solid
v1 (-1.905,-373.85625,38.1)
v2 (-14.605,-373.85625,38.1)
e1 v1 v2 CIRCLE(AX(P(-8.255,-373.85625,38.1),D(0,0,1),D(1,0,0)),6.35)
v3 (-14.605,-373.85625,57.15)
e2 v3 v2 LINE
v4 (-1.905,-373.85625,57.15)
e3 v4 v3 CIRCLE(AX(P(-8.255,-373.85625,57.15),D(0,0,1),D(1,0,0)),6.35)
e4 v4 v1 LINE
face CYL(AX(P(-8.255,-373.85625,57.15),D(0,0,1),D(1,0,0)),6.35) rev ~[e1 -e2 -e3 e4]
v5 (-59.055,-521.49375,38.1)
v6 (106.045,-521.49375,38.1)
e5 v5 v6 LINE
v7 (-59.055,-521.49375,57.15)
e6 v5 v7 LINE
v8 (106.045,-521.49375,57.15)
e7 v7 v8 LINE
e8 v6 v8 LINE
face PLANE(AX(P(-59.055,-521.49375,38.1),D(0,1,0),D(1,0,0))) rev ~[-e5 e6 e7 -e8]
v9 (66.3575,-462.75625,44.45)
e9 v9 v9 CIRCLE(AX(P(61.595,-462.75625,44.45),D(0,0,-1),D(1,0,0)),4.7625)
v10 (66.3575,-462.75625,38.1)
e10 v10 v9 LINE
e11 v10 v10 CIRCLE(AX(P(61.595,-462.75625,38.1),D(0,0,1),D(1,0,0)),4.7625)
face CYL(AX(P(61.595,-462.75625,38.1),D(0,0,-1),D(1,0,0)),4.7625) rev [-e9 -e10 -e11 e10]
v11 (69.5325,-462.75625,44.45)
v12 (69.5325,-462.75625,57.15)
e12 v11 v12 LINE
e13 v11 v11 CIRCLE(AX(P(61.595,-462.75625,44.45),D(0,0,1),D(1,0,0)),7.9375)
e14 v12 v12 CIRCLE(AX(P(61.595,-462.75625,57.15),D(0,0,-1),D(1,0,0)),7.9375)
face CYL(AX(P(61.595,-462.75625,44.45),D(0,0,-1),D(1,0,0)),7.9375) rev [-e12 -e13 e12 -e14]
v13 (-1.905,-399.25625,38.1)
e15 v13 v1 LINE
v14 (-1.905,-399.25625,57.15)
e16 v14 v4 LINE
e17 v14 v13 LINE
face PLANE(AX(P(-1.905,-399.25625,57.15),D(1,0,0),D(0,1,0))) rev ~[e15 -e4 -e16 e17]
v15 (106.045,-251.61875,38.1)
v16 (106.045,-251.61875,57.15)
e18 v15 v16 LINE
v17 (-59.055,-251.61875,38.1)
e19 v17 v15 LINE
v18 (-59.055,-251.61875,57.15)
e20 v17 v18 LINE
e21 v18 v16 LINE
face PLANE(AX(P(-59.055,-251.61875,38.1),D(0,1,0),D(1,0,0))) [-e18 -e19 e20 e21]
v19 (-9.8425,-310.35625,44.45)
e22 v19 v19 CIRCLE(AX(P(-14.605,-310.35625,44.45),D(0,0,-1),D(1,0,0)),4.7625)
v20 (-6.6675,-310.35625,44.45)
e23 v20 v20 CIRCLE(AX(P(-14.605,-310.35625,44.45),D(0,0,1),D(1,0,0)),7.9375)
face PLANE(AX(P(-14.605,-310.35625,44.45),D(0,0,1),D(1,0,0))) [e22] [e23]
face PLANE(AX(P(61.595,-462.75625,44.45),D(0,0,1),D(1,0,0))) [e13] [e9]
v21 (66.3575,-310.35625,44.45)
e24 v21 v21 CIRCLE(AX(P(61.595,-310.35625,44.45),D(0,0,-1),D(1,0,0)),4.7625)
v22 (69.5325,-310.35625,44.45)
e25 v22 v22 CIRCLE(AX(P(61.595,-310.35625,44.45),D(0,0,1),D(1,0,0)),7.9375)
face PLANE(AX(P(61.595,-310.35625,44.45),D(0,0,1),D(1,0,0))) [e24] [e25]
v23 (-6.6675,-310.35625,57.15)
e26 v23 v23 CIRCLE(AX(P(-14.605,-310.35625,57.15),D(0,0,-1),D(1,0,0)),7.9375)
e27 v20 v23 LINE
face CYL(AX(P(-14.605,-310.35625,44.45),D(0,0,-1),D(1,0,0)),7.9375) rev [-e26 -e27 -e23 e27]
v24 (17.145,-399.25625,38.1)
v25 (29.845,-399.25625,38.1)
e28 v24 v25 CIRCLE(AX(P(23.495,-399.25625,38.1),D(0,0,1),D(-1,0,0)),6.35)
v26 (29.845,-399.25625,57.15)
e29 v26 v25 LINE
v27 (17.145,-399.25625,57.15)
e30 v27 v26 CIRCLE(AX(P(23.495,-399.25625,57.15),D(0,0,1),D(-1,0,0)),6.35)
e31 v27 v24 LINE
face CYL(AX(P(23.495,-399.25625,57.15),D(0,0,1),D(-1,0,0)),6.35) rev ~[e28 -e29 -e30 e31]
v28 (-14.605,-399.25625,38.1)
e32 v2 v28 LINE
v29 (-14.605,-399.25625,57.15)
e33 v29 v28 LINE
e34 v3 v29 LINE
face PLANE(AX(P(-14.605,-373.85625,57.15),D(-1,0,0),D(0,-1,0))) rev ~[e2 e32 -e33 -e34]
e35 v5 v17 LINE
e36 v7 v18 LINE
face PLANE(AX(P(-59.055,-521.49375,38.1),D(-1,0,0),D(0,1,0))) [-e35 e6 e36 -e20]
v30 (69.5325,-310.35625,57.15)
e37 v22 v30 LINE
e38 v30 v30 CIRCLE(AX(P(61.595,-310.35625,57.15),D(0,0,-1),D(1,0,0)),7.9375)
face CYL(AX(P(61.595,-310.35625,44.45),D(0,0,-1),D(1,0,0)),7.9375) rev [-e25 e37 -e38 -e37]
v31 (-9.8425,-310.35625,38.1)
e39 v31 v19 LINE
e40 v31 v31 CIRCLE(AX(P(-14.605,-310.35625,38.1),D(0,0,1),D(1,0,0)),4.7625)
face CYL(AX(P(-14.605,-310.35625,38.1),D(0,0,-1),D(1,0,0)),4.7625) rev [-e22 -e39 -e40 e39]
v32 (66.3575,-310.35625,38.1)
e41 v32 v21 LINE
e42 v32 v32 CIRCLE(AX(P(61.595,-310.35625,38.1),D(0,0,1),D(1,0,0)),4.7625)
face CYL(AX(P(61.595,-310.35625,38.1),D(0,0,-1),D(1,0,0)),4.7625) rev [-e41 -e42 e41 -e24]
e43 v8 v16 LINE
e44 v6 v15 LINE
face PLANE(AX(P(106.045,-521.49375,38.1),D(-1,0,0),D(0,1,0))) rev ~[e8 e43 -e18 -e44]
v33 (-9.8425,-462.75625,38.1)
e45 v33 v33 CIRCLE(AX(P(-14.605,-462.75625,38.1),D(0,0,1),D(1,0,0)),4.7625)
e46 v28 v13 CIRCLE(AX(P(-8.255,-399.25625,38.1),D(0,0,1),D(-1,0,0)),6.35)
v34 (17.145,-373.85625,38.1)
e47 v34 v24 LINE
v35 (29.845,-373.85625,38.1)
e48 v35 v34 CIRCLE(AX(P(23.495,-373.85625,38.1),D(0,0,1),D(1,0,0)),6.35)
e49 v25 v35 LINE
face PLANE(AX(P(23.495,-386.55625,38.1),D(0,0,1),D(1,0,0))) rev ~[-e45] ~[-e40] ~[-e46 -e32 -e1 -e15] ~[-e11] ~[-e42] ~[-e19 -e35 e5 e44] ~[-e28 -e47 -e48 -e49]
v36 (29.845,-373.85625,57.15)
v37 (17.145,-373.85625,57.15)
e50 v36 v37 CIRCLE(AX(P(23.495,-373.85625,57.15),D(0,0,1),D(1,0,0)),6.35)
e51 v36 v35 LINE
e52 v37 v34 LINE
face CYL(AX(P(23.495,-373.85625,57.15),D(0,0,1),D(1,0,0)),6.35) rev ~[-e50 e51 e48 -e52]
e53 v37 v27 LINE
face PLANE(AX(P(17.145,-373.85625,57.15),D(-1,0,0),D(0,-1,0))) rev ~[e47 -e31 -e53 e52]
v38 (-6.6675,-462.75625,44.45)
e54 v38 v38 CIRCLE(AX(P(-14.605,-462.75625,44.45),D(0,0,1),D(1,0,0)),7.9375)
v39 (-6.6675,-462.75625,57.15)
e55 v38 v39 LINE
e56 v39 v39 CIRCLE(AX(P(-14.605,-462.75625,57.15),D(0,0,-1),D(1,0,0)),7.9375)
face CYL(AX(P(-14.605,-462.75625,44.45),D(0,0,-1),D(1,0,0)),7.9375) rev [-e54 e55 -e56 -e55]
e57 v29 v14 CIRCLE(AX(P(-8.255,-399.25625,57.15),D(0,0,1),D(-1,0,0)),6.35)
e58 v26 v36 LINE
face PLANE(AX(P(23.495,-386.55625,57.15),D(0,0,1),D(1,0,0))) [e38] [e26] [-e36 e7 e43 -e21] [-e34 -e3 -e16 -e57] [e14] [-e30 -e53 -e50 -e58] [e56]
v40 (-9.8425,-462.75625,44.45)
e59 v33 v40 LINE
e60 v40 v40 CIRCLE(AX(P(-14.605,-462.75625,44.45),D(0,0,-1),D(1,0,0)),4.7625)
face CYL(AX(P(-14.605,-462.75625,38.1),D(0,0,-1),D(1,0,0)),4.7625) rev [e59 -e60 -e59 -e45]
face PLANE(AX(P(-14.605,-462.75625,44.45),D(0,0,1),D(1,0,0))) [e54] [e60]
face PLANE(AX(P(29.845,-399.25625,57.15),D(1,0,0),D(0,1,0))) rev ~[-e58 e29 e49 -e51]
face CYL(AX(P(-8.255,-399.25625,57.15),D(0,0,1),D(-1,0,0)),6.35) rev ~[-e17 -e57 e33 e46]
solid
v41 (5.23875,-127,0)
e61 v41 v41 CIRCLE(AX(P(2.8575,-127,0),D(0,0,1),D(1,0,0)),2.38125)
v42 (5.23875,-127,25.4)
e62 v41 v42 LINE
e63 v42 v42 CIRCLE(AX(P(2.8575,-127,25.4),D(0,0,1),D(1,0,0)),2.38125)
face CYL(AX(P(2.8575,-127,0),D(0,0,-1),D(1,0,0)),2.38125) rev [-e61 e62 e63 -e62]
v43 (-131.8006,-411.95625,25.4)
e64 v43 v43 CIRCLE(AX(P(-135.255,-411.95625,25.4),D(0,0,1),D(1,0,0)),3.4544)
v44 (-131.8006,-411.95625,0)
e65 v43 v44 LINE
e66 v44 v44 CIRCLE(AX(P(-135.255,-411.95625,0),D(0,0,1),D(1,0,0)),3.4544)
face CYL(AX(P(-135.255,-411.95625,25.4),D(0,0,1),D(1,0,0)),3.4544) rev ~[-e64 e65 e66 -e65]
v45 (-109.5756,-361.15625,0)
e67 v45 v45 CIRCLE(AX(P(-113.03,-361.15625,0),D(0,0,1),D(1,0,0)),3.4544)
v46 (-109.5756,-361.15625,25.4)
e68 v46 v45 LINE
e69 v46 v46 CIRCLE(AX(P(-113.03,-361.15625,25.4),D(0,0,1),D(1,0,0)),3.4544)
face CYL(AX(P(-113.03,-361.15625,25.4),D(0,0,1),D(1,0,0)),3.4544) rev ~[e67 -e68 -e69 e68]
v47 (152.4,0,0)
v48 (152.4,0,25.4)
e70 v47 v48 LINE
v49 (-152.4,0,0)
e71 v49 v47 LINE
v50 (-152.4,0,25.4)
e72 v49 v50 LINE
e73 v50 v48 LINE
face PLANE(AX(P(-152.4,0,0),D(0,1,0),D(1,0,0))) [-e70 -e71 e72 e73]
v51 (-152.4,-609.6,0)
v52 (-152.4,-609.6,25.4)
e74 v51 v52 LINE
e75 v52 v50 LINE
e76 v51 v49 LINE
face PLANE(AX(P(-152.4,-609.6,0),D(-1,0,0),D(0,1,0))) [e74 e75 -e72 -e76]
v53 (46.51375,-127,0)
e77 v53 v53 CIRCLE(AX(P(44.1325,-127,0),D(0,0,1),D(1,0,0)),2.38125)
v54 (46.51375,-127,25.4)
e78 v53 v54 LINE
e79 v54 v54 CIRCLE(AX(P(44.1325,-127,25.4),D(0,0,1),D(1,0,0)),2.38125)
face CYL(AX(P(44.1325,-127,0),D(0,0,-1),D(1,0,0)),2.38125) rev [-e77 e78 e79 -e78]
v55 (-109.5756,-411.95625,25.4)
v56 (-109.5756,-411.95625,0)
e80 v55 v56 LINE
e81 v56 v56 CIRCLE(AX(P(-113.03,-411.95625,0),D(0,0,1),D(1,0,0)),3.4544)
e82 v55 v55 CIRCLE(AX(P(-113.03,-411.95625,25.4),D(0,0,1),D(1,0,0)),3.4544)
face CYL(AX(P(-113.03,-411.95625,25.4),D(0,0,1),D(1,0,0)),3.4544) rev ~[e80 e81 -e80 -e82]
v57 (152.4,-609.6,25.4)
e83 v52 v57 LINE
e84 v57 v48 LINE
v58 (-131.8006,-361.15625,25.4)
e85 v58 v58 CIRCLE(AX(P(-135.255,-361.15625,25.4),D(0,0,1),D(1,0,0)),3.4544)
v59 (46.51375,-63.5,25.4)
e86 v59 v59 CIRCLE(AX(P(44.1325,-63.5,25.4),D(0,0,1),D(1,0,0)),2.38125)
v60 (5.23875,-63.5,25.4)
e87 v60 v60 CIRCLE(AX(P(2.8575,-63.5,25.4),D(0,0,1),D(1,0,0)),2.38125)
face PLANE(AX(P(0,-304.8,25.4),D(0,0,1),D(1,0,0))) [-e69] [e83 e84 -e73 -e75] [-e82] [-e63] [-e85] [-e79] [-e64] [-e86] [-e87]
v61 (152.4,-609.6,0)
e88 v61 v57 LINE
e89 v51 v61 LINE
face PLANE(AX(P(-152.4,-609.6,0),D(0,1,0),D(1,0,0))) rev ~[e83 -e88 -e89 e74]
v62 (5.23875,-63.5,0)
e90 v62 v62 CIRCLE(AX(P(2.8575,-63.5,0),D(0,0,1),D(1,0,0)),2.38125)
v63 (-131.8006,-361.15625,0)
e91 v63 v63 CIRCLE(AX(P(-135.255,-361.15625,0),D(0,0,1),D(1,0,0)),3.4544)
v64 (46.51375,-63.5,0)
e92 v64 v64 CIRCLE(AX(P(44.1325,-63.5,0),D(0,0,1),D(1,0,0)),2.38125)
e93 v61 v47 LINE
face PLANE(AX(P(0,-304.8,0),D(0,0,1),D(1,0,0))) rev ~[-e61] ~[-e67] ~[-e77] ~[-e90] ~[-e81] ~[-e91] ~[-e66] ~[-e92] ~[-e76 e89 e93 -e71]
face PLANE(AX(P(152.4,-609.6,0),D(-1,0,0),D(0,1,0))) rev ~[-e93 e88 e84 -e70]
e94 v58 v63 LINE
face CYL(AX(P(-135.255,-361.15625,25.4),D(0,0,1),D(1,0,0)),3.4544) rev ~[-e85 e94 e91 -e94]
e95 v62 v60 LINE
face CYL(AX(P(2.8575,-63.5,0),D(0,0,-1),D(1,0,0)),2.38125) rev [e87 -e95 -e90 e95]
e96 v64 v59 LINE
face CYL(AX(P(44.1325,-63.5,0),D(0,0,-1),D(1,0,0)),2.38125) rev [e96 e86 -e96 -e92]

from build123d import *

# Parameters (mm, degrees)
F0_W     = 304.8
F0_H     = 609.6
F0_R     = 2.38125
F1_DEPTH = 25.4
F2_R     = 3.4544
F3_DEPTH = 25.4
F4_START = 12.7
F2_W     = 165.1
F2_H     = 269.875
F2_R_2   = 7.9375
F2_R_3   = 4.7625
F4_DEPTH = 19.05
F5_START = 19.05
F5_DEPTH = 234.95
F7_DEPTH = 25.4


with BuildPart() as f1:
    # F0 (on Top) → F1 (new body)
    with BuildSketch(Plane.XY):
        with Locations((0, -304.8)):
            Rectangle(F0_W, F0_H)
        with Locations((2.8575, -127)):
            Circle(F0_R, mode=Mode.SUBTRACT)
        with Locations((44.1325, -127)):
            Circle(F0_R, mode=Mode.SUBTRACT)
        with Locations((2.8575, -63.5)):
            Circle(F0_R, mode=Mode.SUBTRACT)
        with Locations((44.1325, -63.5)):
            Circle(F0_R, mode=Mode.SUBTRACT)
    extrude(amount=F1_DEPTH)

    # F2 (on face) → F3 (cut)
    with BuildSketch(Plane.XY.offset(25.4)):
        with Locations((-135.255, -361.15625)):
            Circle(F2_R)
        with Locations((-113.03, -361.15625)):
            Circle(F2_R)
        with Locations((-113.03, -411.95625)):
            Circle(F2_R)
        with Locations((-135.255, -411.95625)):
            Circle(F2_R)
    extrude(amount=-F3_DEPTH, mode=Mode.SUBTRACT)


with BuildPart() as f4:
    # F2 (on face) → F4 (new body)
    with BuildSketch(Plane.XY.offset(25.4).offset(F4_START)):
        with Locations((23.495, -386.55625)):
            Rectangle(F2_W, F2_H)
        with Locations((-14.605, -462.75625)):
            Circle(F2_R_2, mode=Mode.SUBTRACT)
        with Locations((-14.605, -310.35625)):
            Circle(F2_R_2, mode=Mode.SUBTRACT)
        with Locations((61.595, -462.75625)):
            Circle(F2_R_2, mode=Mode.SUBTRACT)
        with Locations((61.595, -310.35625)):
            Circle(F2_R_2, mode=Mode.SUBTRACT)
        with Locations((-14.605, -310.35625)):
            Circle(F2_R_2)
        with Locations((-14.605, -310.35625)):
            Circle(F2_R_3, mode=Mode.SUBTRACT)
        with Locations((61.595, -310.35625)):
            Circle(F2_R_2)
        with Locations((61.595, -310.35625)):
            Circle(F2_R_3, mode=Mode.SUBTRACT)
        with Locations((-14.605, -462.75625)):
            Circle(F2_R_2)
        with Locations((-14.605, -462.75625)):
            Circle(F2_R_3, mode=Mode.SUBTRACT)
        with Locations((61.595, -462.75625)):
            Circle(F2_R_2)
        with Locations((61.595, -462.75625)):
            Circle(F2_R_3, mode=Mode.SUBTRACT)
    extrude(amount=F4_DEPTH)

    # F2 (on face) → F5 (cut)
    with BuildSketch(Plane.XY.offset(25.4).offset(F5_START)):
        with Locations((-14.605, -310.35625)):
            Circle(F2_R_2)
        with Locations((-14.605, -310.35625)):
            Circle(F2_R_3, mode=Mode.SUBTRACT)
        with Locations((-14.605, -310.35625)):
            Circle(F2_R_3)
        with Locations((61.595, -310.35625)):
            Circle(F2_R_2)
        with Locations((61.595, -310.35625)):
            Circle(F2_R_3, mode=Mode.SUBTRACT)
        with Locations((61.595, -310.35625)):
            Circle(F2_R_3)
        with Locations((-14.605, -462.75625)):
            Circle(F2_R_2)
        with Locations((-14.605, -462.75625)):
            Circle(F2_R_3, mode=Mode.SUBTRACT)
        with Locations((-14.605, -462.75625)):
            Circle(F2_R_3)
        with Locations((61.595, -462.75625)):
            Circle(F2_R_2)
        with Locations((61.595, -462.75625)):
            Circle(F2_R_3, mode=Mode.SUBTRACT)
        with Locations((61.595, -462.75625)):
            Circle(F2_R_3)
    extrude(amount=F5_DEPTH, mode=Mode.SUBTRACT)

    # F6 (on face) → F7 (cut)
    with BuildSketch(Plane.XY.offset(57.15)):
        with BuildLine():
            Line((-1.905, -399.25625), (-1.905, -373.85625))
            ThreePointArc((-1.905, -373.85625), (-8.255, -367.50625), (-14.605, -373.85625))
            Line((-14.605, -373.85625), (-14.605, -399.25625))
            ThreePointArc((-14.605, -399.25625), (-8.255, -405.60625), (-1.905, -399.25625))
        make_face()
        with BuildLine():
            Line((29.845, -399.25625), (29.845, -373.85625))
            ThreePointArc((29.845, -373.85625), (23.495, -367.50625), (17.145, -373.85625))
            Line((17.145, -373.85625), (17.145, -399.25625))
            ThreePointArc((17.145, -399.25625), (23.495, -405.60625), (29.845, -399.25625))
        make_face()
    extrude(amount=-F7_DEPTH, mode=Mode.SUBTRACT)


solid = Compound([f1.part, f4.part])
